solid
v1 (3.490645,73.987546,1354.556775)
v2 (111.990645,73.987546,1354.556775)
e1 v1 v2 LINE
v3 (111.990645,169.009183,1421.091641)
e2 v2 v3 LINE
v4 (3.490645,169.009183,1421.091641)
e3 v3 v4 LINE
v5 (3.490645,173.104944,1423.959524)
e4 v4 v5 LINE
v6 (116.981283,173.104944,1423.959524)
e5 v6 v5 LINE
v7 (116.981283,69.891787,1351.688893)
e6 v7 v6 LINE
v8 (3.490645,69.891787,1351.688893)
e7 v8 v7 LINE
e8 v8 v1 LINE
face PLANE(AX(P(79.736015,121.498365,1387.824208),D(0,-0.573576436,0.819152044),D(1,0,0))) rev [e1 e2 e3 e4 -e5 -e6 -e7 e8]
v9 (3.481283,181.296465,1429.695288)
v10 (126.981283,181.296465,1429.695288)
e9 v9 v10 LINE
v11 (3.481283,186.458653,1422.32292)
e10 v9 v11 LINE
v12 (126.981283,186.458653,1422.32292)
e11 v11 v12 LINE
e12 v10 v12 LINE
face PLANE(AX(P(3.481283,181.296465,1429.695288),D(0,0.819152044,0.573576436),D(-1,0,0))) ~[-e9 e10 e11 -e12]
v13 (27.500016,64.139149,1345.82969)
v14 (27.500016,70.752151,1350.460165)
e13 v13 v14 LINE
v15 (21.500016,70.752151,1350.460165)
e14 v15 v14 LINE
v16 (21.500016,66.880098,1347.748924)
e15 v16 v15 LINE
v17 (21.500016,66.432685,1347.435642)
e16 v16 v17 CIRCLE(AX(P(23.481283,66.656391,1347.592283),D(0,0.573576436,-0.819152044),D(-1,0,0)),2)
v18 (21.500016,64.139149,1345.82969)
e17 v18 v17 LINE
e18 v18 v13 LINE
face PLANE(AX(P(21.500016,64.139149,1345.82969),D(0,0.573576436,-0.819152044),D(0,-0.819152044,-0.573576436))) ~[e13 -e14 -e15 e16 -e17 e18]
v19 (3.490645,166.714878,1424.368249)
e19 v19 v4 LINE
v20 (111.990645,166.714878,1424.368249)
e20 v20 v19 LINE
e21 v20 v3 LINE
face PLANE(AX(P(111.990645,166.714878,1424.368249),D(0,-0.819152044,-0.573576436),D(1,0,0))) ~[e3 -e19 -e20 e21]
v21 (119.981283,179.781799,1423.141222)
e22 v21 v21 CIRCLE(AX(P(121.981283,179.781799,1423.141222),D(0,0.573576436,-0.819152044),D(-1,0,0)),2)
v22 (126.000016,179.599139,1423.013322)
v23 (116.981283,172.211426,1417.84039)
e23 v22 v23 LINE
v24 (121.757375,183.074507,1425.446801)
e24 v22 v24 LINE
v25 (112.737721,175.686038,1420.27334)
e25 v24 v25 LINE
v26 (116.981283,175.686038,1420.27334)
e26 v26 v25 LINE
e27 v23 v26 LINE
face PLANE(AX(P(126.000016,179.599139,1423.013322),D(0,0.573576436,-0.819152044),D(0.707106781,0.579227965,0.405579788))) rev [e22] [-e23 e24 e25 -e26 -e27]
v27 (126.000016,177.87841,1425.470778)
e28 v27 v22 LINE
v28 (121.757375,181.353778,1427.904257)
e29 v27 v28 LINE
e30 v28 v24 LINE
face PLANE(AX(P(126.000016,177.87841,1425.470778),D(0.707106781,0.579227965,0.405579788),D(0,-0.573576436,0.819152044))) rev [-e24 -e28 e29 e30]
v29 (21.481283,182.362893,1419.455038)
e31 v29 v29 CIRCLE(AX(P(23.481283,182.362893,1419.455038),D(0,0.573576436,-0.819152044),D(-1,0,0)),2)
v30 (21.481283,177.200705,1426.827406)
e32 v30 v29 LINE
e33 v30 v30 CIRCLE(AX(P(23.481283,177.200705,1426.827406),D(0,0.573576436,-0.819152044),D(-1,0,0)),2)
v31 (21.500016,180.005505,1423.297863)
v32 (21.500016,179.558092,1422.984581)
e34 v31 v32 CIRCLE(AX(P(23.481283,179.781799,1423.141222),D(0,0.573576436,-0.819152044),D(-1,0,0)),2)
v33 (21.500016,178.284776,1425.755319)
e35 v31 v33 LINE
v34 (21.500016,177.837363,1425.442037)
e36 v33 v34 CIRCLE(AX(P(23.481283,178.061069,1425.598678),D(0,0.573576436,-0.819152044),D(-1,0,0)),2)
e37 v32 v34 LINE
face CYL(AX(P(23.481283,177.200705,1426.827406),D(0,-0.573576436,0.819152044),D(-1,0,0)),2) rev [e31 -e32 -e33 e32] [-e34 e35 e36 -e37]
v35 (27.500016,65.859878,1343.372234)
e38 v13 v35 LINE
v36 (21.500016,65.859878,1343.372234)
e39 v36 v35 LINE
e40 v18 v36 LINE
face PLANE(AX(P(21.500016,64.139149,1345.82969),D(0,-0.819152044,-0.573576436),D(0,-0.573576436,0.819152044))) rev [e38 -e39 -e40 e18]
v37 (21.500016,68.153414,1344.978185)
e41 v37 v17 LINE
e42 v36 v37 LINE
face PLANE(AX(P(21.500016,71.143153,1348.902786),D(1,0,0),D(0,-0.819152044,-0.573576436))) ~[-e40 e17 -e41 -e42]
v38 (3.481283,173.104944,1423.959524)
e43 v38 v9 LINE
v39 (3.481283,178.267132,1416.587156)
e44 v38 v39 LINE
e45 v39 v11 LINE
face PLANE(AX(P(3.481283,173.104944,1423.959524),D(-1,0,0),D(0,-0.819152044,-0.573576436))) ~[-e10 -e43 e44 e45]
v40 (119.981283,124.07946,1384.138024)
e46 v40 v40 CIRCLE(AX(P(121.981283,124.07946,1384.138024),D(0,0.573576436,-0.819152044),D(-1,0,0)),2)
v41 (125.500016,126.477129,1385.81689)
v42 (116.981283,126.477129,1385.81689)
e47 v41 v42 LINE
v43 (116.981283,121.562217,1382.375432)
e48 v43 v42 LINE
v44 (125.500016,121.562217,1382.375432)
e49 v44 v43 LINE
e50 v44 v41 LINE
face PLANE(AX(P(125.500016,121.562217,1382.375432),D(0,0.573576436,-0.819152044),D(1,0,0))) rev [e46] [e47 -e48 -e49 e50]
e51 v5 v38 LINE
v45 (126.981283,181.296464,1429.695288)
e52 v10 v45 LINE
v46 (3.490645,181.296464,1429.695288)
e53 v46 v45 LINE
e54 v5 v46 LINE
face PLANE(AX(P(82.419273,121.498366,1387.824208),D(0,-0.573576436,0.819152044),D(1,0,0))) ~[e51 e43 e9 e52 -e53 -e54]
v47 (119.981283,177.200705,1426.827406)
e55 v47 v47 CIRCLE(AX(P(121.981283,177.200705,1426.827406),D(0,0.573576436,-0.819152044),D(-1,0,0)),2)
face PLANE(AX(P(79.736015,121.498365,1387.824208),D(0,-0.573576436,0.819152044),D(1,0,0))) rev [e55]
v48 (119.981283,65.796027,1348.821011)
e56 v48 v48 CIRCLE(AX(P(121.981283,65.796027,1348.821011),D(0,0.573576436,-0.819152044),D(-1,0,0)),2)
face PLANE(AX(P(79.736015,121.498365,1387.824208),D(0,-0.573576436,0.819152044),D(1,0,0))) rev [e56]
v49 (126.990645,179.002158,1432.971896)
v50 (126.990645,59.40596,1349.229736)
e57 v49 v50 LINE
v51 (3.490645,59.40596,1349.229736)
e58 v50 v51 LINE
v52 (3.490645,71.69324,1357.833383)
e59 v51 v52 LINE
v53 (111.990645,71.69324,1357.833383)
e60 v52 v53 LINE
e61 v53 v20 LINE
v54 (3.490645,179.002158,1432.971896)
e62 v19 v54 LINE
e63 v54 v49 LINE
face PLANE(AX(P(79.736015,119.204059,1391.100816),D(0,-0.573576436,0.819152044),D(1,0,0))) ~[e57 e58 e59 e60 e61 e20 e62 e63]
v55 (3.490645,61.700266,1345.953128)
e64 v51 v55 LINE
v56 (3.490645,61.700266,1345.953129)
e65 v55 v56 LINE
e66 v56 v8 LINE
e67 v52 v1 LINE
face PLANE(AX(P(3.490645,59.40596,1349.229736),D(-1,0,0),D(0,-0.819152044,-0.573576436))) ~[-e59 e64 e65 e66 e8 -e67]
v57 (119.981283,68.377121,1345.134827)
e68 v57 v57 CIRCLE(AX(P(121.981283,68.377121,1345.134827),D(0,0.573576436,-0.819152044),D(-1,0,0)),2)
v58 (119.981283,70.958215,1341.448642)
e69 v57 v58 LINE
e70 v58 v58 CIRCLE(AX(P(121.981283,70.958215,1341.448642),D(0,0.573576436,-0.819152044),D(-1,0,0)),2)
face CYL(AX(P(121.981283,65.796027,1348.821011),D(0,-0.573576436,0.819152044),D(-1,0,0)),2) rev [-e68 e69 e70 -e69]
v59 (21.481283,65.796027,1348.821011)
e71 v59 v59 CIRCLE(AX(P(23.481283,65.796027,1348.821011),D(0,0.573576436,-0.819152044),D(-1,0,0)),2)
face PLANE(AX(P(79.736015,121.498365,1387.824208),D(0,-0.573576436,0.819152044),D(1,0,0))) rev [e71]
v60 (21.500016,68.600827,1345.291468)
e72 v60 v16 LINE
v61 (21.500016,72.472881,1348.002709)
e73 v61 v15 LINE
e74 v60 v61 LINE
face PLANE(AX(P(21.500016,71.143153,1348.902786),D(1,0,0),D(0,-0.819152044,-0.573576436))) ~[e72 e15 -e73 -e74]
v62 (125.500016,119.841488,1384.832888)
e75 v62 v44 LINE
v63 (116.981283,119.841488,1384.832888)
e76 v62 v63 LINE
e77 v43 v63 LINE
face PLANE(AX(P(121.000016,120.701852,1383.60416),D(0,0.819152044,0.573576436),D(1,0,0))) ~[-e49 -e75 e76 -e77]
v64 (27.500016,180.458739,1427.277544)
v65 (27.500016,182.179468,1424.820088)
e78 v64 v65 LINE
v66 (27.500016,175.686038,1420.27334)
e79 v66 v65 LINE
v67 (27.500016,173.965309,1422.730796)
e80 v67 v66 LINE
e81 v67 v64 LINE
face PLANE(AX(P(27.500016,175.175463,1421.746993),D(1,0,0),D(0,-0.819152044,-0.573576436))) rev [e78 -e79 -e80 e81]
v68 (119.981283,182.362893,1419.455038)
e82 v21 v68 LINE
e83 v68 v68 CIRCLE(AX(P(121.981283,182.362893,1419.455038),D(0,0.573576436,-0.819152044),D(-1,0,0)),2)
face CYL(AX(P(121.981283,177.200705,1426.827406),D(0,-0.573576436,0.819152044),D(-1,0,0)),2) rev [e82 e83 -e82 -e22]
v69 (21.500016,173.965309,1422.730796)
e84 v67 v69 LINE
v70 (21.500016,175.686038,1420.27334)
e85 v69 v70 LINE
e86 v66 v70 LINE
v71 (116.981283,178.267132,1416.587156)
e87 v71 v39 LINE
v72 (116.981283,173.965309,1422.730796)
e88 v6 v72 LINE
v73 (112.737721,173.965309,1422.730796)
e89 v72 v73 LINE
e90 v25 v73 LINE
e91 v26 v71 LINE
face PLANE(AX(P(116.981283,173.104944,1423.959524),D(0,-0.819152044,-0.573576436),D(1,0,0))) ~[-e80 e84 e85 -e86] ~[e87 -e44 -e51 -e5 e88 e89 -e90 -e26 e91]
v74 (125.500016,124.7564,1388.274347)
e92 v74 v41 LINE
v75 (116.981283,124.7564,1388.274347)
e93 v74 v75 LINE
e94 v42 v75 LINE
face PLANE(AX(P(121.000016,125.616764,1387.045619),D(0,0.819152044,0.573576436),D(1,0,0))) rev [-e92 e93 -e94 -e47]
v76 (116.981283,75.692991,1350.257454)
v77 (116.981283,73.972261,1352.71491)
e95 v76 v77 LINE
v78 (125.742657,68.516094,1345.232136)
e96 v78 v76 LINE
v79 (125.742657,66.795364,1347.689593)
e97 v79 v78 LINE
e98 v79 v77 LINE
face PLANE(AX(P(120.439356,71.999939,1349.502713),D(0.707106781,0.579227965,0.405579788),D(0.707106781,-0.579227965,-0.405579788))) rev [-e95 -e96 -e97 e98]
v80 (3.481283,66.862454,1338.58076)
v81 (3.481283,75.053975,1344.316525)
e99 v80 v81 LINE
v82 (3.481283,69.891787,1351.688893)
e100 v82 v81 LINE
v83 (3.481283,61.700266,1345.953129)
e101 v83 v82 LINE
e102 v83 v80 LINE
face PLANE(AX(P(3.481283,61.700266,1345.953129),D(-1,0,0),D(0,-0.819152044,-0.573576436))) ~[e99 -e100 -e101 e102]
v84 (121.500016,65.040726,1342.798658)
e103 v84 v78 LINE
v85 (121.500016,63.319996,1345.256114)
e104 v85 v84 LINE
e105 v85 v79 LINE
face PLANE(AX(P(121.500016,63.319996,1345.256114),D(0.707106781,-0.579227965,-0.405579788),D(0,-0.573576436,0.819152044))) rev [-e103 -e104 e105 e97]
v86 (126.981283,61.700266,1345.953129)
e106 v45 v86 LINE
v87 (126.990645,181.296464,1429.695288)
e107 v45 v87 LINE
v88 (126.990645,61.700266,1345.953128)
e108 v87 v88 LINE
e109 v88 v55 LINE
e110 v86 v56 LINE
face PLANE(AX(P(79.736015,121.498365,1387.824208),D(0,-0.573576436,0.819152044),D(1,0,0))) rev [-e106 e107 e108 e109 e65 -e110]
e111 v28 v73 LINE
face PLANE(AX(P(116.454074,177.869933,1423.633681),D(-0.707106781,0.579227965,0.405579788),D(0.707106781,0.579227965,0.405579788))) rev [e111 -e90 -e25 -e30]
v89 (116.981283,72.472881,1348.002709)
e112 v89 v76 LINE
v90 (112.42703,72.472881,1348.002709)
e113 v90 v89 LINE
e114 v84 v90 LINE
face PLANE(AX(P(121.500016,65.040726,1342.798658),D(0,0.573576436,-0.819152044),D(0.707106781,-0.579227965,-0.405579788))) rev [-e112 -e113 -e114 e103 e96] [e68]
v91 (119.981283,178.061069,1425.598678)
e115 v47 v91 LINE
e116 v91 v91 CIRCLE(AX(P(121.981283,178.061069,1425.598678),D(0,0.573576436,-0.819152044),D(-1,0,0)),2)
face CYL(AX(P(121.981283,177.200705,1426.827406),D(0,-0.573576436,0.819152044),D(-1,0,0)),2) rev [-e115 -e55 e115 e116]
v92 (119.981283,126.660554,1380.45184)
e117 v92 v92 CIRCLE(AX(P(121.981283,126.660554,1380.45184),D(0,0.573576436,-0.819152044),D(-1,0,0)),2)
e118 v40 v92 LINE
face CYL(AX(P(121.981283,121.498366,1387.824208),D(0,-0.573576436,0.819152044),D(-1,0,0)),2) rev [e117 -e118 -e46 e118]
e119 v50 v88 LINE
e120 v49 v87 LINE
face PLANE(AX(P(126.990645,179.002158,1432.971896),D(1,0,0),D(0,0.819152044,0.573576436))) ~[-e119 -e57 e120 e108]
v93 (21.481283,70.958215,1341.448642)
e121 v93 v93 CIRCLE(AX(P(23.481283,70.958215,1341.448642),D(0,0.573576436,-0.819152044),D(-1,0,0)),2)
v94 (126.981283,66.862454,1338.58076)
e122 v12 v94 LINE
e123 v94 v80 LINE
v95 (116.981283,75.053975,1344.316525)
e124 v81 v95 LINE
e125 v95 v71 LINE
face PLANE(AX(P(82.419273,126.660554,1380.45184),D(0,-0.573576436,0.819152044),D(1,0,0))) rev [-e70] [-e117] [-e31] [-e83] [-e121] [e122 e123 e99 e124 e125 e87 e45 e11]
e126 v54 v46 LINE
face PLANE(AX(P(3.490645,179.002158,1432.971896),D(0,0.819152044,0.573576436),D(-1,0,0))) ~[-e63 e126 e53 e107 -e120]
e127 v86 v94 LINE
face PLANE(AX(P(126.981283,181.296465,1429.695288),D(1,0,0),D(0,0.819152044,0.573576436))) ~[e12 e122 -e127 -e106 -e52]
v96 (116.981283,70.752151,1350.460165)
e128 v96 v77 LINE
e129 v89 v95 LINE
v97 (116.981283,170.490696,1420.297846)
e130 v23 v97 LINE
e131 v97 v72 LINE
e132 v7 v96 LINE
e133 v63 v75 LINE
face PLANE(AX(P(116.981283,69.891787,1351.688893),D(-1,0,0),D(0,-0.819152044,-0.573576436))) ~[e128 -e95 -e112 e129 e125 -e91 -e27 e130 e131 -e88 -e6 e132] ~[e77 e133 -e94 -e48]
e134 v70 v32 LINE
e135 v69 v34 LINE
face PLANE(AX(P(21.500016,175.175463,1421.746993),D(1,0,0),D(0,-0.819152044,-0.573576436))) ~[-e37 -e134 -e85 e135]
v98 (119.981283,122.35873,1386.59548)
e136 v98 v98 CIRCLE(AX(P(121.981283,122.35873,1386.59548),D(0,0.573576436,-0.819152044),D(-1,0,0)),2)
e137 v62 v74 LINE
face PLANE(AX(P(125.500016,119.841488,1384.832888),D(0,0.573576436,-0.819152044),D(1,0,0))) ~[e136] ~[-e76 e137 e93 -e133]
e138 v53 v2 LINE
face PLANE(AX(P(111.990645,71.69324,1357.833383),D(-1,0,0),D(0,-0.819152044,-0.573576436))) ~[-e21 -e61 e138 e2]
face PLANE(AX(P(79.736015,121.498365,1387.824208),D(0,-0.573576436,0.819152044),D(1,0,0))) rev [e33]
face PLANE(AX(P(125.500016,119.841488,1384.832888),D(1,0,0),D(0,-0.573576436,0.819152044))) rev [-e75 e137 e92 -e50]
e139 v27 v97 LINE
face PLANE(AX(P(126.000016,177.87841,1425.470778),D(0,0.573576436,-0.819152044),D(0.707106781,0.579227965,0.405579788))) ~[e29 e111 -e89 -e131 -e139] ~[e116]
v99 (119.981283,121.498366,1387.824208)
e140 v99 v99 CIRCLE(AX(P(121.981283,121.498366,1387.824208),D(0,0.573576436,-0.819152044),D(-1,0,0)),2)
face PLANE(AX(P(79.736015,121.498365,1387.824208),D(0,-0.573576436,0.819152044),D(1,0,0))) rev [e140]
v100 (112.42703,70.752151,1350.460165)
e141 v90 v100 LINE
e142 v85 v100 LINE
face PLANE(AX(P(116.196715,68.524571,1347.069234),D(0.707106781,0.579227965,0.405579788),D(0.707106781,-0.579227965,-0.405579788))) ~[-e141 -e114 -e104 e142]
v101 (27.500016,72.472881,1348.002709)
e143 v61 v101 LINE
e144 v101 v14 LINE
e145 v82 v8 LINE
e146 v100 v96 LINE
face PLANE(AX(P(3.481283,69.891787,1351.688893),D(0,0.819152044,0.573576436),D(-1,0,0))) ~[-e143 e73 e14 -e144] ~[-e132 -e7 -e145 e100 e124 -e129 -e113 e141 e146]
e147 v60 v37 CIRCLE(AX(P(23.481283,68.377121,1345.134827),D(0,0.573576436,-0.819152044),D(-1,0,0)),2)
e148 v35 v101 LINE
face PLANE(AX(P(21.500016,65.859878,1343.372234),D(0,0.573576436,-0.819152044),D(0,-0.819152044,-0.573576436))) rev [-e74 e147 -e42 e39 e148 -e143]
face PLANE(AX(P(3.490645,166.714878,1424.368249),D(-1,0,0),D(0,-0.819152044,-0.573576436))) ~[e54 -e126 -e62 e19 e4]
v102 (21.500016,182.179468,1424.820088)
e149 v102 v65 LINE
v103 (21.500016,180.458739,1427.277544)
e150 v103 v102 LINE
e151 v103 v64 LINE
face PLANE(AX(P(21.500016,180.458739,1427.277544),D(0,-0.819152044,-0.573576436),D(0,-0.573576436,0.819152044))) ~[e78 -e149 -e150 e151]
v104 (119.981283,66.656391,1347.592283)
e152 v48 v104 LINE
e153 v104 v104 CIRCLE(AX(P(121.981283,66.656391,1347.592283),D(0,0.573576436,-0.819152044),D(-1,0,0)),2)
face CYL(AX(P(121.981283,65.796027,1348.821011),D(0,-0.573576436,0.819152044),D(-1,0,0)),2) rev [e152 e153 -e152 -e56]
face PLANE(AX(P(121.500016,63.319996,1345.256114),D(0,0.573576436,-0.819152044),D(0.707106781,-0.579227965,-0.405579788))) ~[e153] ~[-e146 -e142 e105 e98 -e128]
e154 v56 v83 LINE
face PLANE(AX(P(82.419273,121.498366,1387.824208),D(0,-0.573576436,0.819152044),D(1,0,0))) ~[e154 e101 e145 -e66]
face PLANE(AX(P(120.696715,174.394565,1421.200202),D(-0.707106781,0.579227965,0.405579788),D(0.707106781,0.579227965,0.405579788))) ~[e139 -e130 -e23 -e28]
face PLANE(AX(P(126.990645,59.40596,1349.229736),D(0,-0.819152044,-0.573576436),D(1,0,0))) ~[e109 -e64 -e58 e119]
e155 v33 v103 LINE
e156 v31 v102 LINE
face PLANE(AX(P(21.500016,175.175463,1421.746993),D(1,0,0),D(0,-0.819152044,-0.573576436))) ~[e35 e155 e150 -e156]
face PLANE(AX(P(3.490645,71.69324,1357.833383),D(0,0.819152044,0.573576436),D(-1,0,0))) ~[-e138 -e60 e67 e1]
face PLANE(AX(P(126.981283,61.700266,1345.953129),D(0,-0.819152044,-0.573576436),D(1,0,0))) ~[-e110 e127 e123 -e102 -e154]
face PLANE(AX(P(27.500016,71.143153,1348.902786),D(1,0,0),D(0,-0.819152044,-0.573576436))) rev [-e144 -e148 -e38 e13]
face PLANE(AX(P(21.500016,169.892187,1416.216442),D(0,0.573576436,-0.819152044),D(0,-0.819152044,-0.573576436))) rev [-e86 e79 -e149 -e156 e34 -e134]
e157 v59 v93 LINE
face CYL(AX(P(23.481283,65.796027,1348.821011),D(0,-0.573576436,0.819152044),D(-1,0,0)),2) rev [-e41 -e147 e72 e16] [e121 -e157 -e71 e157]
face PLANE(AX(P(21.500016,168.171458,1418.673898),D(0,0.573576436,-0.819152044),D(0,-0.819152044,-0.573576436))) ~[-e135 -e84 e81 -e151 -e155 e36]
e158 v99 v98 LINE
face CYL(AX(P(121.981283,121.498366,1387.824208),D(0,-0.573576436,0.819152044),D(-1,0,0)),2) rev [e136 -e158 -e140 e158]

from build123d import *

# Parameters (mm, degrees)
BOX053_W                             = 15
BOX053_H                             = 3
BOX053_DEPTH                         = 6
BOX053_PITCH_ANGLE                   = 45
BOX054_W                             = 15
BOX054_H                             = 3
BOX054_DEPTH                         = 6
BOX054_PITCH_ANGLE                   = -45
BOX052_W                             = 9
BOX052_H                             = 3
BOX052_DEPTH                         = 6
BOX055_W                             = 15
BOX055_H                             = 3
BOX055_DEPTH                         = 6
BOX055_PITCH_ANGLE                   = -90
BOX056_W                             = 15
BOX056_H                             = 3
BOX056_DEPTH                         = 6
BOX056_PITCH_ANGLE                   = -90
SKETCH035_AS_DRAWN_R                 = 2
EXTRUDE033_DEPTH                     = 9
EXTRUDE033_ONTO_SKETCH035_ROLL_ANGLE = 90
EXTRUDE032_DEPTH                     = 4
EXTRUDE032_ONTO_SKETCH034_ROLL_ANGLE = 90
FUSION128_PLACEMENT_ANGLE            = 55


with BuildPart() as nut_hole004:
    # Box053 → Box053 (new body)
    with BuildSketch(Plane.XY):
        with Locations((7.5, 1.5)):
            Rectangle(BOX053_W, BOX053_H)
    extrude(amount=BOX053_DEPTH)


with BuildPart() as nut_hole004_1:
    # Box053 pitch: moved
    add(nut_hole004.part.rotate(Axis((0, 0, 0), (0, 1, 0)), BOX053_PITCH_ANGLE))


with BuildPart() as nut_hole004_2:
    # Box053 placement: moved
    add(nut_hole004_1.part.moved(Location((-81, 5, 130.6))))


with BuildPart() as nut_hole005:
    # Box054 → Box054 (new body)
    with BuildSketch(Plane.XY):
        with Locations((7.5, 1.5)):
            Rectangle(BOX054_W, BOX054_H)
    extrude(amount=BOX054_DEPTH)


with BuildPart() as nut_hole005_1:
    # Box054 pitch: moved
    add(nut_hole005.part.rotate(Axis((0, 0, 0), (0, 1, 0)), BOX054_PITCH_ANGLE))


with BuildPart() as nut_hole005_2:
    # Box054 placement: moved
    add(nut_hole005_1.part.moved(Location((-76.5, 5, -9.25))))


with BuildPart() as nut_hole003:
    # Box052 → Box052 (new body)
    with BuildSketch(Plane(origin=(-80.5, 5, 59.75), x_dir=(1, 0, 0), z_dir=(0, 0, 1))):
        with Locations((4.5, 1.5)):
            Rectangle(BOX052_W, BOX052_H)
    extrude(amount=BOX052_DEPTH)


with BuildPart() as nut_hole006:
    # Box055 → Box055 (new body)
    with BuildSketch(Plane.XY):
        with Locations((7.5, 1.5)):
            Rectangle(BOX055_W, BOX055_H)
    extrude(amount=BOX055_DEPTH)


with BuildPart() as nut_hole006_1:
    # Box055 pitch: moved
    add(nut_hole006.part.rotate(Axis((0, 0, 0), (0, 1, 0)), BOX055_PITCH_ANGLE))


with BuildPart() as nut_hole006_2:
    # Box055 placement: moved
    add(nut_hole006_1.part.moved(Location((23.5, 5, -8.25))))


with BuildPart() as nut_holes_right_dimensions:
    # Box056 → Box056 (new body)
    with BuildSketch(Plane.XY):
        with Locations((7.5, 1.5)):
            Rectangle(BOX056_W, BOX056_H)
    extrude(amount=BOX056_DEPTH)


with BuildPart() as nut_holes_right_dimensions_1:
    # Box056 pitch: moved
    add(nut_holes_right_dimensions.part.rotate(Axis((0, 0, 0), (0, 1, 0)), BOX056_PITCH_ANGLE))


with BuildPart() as nut_holes_right_dimensions_2:
    # Box056 placement: moved
    add(nut_holes_right_dimensions_1.part.moved(Location((23.5, 5, 118.75))))

    # Fusion099: union Nut hole004, Nut hole005, Nut hole003, Nut hole006
    add(nut_hole004_2.part)
    add(nut_hole005_2.part)
    add(nut_hole003.part)
    add(nut_hole006_2.part)


with BuildPart() as nut_holes_right_dimensions_3:
    # Fusion099 placement: moved
    add(nut_holes_right_dimensions_2.part.moved(Location((0, -3, 0))))


with BuildPart() as upper_tablet_holder_002_with_nut_holes:
    # Sketch035 as drawn → Extrude033 (new)
    with BuildSketch(Plane.XY):
        Polygon((-81.020079, 134.137773), (-81.020079, -11.862227), (42.479921, -11.862227), (42.479921, -1.862227), (-71.020079, -1.862227), (-71.020079, 124.137773), (42.479921, 124.137773), (42.479921, 134.137773), align=None)
        with Locations((-76.020079, 129.137773)):
            Circle(SKETCH035_AS_DRAWN_R, mode=Mode.SUBTRACT)
        with Locations((22.479921, 129.137773)):
            Circle(SKETCH035_AS_DRAWN_R, mode=Mode.SUBTRACT)
        with Locations((-76.020079, 61.137773)):
            Circle(SKETCH035_AS_DRAWN_R, mode=Mode.SUBTRACT)
        with Locations((-76.020079, -6.862227)):
            Circle(SKETCH035_AS_DRAWN_R, mode=Mode.SUBTRACT)
        with Locations((22.479921, -6.862227)):
            Circle(SKETCH035_AS_DRAWN_R, mode=Mode.SUBTRACT)
    extrude(amount=-EXTRUDE033_DEPTH)


with BuildPart() as upper_tablet_holder_002_with_nut_holes_1:
    # Extrude033 onto Sketch035 roll: moved
    add(upper_tablet_holder_002_with_nut_holes.part.rotate(Axis((0, 0, 0), (1, 0, 0)), EXTRUDE033_ONTO_SKETCH035_ROLL_ANGLE))


with BuildPart() as upper_tablet_holder_002_with_nut_holes_2:
    # Extrude033 onto Sketch035 placement: moved
    add(upper_tablet_holder_002_with_nut_holes_1.part)


with BuildPart() as upper_tablet_holder_002_with_nut_holes_3:
    # Extrude033 placement: moved
    add(upper_tablet_holder_002_with_nut_holes_2.part.moved(Location((-0.961188, 0.5, 1.685213))))

    # Cut059: cut Nut holes - right dimensions
    add(nut_holes_right_dimensions_3.part, mode=Mode.SUBTRACT)


with BuildPart() as upper_tablet_holder_002_with_nut_holes_4:
    # Cut059 placement: moved
    add(upper_tablet_holder_002_with_nut_holes_3.part.moved(Location((-0.5, 0, 0))))


with BuildPart() as upper_tablet_holder001:
    # Sketch034 as drawn → Extrude032 (new)
    with BuildSketch(Plane.XY):
        Polygon((-82.797703, 136.012411), (-82.797703, -9.987589), (40.702297, -9.987589), (40.702297, 5.012411), (-67.797703, 5.012411), (-67.797703, 121.012411), (40.702297, 121.012411), (40.702297, 136.012411), align=None)
    extrude(amount=-EXTRUDE032_DEPTH)


with BuildPart() as upper_tablet_holder001_1:
    # Extrude032 onto Sketch034 roll: moved
    add(upper_tablet_holder001.part.rotate(Axis((0, 0, 0), (1, 0, 0)), EXTRUDE032_ONTO_SKETCH034_ROLL_ANGLE))


with BuildPart() as upper_tablet_holder001_2:
    # Extrude032 onto Sketch034 placement: moved
    add(upper_tablet_holder001_1.part)


with BuildPart() as upper_tablet_holder001_3:
    # Extrude032 placement: moved
    add(upper_tablet_holder001_2.part.moved(Location((0.307074, -3.5, -0.189426))))

    # Fusion128: union Upper tablet holder 002 with nut holes
    add(upper_tablet_holder_002_with_nut_holes_4.part)


with BuildPart() as upper_tablet_holder001_4:
    # Fusion128 placement: moved
    add(upper_tablet_holder001_3.part.rotate(Axis((0, 0, 0), (-1, 0, 0)), FUSION128_PLACEMENT_ANGLE))


with BuildPart() as upper_tablet_holder_left:
    # Part__Mirroring006: instance of Upper tablet holder001
    add(upper_tablet_holder001_4.part.mirror(Plane(origin=(41.000008, 53.182304, 33.576321), x_dir=(0, -1, 0), z_dir=(1, 0, 0))))


with BuildPart() as upper_tablet_holder_left_1:
    # Part__Mirroring006 placement: moved
    add(upper_tablet_holder_left.part.moved(Location((-37.5, 69.75, 1352.2))))


solid = upper_tablet_holder_left_1.part
